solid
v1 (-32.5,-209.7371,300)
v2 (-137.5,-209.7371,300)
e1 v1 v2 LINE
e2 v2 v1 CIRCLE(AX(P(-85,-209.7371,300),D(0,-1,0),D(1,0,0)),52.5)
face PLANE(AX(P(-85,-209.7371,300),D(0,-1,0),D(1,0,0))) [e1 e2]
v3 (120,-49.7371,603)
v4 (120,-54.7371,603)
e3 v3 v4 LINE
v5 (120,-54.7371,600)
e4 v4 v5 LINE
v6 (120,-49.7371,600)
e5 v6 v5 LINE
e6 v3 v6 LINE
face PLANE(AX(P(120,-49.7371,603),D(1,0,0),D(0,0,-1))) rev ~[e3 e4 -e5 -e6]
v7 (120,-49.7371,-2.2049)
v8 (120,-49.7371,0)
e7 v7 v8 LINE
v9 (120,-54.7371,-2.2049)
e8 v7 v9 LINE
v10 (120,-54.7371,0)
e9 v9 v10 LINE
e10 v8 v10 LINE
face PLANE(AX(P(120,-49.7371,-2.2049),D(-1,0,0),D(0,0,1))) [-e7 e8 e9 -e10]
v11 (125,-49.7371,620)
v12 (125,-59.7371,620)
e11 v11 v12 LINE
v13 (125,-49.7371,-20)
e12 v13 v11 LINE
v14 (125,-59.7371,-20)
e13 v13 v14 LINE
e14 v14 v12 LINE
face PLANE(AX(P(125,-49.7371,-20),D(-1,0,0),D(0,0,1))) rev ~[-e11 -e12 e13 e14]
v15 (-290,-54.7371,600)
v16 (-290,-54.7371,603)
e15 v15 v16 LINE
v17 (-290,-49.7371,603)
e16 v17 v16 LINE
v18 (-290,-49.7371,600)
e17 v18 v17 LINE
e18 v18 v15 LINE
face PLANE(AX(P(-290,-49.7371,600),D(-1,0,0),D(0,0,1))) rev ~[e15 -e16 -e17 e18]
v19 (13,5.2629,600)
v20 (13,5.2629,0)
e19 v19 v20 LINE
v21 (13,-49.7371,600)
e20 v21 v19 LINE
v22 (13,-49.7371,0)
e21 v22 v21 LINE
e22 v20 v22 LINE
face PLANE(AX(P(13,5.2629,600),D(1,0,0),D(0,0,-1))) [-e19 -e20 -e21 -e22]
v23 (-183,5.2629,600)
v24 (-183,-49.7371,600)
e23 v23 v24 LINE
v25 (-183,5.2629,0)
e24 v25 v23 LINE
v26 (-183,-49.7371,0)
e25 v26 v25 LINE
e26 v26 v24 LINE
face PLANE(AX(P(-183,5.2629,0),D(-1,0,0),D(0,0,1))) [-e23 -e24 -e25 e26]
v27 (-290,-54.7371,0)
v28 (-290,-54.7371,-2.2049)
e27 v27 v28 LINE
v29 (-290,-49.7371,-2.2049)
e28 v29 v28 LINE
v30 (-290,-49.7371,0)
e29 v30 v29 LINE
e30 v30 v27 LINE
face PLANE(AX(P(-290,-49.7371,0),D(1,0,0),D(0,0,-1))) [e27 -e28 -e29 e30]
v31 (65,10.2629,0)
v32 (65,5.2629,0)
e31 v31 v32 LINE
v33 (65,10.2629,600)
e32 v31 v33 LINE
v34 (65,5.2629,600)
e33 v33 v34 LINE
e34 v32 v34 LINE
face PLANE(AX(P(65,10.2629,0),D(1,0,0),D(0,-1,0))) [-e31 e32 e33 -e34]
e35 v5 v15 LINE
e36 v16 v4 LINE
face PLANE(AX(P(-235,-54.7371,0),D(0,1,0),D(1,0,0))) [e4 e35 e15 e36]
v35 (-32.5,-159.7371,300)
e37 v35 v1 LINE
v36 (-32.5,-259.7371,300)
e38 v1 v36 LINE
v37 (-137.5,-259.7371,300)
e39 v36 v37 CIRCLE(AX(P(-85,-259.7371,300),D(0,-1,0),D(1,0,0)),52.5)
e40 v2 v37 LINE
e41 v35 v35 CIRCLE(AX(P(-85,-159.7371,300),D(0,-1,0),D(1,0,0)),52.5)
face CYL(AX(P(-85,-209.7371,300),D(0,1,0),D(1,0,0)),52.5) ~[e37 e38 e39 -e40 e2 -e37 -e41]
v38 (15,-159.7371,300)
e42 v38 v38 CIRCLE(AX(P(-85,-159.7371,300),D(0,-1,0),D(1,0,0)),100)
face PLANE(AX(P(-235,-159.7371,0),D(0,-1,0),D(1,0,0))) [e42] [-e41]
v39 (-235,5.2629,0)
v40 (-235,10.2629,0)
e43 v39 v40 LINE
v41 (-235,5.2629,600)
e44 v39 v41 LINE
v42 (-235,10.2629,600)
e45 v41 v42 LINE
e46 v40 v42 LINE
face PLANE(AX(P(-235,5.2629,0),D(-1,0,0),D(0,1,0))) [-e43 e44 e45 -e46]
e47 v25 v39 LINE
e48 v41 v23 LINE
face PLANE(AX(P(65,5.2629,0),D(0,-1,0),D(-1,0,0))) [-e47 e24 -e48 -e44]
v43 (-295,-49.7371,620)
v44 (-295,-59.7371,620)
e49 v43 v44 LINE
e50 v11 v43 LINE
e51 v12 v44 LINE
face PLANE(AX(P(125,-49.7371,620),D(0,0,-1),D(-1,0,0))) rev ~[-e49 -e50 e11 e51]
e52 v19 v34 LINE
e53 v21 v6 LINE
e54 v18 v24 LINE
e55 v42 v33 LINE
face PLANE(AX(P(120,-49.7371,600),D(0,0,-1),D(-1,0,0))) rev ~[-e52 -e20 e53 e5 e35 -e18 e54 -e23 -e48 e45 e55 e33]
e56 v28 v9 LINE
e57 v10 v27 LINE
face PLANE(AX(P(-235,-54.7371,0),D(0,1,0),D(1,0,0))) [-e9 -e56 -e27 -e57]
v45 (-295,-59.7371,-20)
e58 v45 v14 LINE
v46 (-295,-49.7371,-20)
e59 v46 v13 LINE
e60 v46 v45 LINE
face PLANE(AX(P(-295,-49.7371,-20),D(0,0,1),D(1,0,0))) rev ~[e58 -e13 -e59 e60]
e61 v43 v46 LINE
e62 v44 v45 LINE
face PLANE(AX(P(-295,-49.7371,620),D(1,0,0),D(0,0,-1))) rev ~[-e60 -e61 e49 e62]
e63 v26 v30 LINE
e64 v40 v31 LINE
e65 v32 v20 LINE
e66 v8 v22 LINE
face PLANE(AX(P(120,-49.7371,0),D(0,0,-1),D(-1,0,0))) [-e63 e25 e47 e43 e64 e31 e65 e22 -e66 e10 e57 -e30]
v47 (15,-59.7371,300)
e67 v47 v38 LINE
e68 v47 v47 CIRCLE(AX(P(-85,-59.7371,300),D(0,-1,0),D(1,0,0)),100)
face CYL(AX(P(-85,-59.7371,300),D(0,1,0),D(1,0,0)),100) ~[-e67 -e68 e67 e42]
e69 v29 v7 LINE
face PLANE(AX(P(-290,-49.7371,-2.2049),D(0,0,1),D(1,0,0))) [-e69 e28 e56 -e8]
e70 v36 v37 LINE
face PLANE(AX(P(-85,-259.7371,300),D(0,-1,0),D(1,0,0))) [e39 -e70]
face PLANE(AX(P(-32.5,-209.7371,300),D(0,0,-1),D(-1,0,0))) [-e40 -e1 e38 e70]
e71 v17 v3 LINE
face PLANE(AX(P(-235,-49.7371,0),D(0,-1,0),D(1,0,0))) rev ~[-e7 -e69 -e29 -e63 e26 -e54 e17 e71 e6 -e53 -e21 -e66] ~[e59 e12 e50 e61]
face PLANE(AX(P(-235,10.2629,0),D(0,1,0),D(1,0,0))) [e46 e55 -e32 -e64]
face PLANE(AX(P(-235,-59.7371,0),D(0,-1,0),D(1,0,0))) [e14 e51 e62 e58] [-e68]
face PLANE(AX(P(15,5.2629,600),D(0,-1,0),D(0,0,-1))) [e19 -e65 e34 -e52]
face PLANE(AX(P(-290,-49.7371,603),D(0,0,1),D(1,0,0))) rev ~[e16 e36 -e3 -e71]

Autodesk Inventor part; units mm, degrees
ref_plane "YZ Plane" through (0, 0, 0) normal (1, 0, 0) x (0, 1, 0)
ref_plane "XZ Plane" through (0, 0, 0) normal (0, 1, 0) x (-1, 0, 0)
ref_plane "XY Plane" through (0, 0, 0) normal (0, 0, 1) x (1, 0, 0)
sketch "スケッチ1" plane through (0, 0, 0) normal (0, 0, 1) x (1, 0, 0)
  line L0 (-235, 10.2629) -> (65, 10.2629)
  line L1 (65, 10.2629) -> (65, 5.2629)
  line L2 (65, 5.2629) -> (-235, 5.2629)
  line L3 (-235, 5.2629) -> (-235, 10.2629)
  line L4 (-235, 10.2629) -> (65, 5.2629) construction
  line L5 (65, 10.2629) -> (-235, 5.2629) construction
  point P0 (0, 0)
  point P1 (-85, 7.7629)
  dimension "d0" = 300
  dimension "d1" = 5
extrude "押し出し1" add sketch "スケッチ1" along normal blind 600
sketch "スケッチ2" plane through (-235, 5.2629, 0) normal (0, -1, 0) x (1, 0, 0)
  line L0 (50, 0) -> (250, 0)
  line L1 (250, 0) -> (250, 600)
  line L2 (250, 600) -> (50, 600)
  line L3 (50, 600) -> (50, 0)
  line L4 (300, 0) -> (0, 0) projected
  line L5 (0, 0) -> (0, 600) projected
  point P0 (235, 0)
  dimension "d4" = 200
  dimension "d5" = 600
  dimension "d6" = 0
  dimension "d7" = 50
extrude "押し出し2" add sketch "スケッチ2" along normal blind 55
sketch "スケッチ3" plane through (-235, -49.7371, 0) normal (0, -1, 0) x (1, 0, 0)
  line L0 (-60, -20) -> (360, -20)
  line L1 (360, -20) -> (360, 620)
  line L2 (360, 620) -> (-60, 620)
  line L3 (-60, 620) -> (-60, -20)
  line L4 (0, 0) -> (300, 0) projected
  line L5 (0, 0) -> (0, 600) projected
  point P0 (235, 0)
  dimension "d10" = 420
  dimension "d11" = 640
  dimension "d12" = 20
  dimension "d13" = 60
extrude "押し出し3" add sketch "スケッチ3" along normal blind 10
sketch "スケッチ4" plane through (-235, -49.7371, 0) normal (0, 1, 0) x (1, 0, 0)
  line L0 (-55, 2.2049) -> (355, 2.2049)
  line L1 (355, 2.2049) -> (355, 0)
  line L2 (355, 0) -> (-55, 0)
  line L3 (-55, 0) -> (-55, 2.2049)
  line L4 (-60, -620) -> (-60, 20) projected
  line L5 (-60, 20) -> (360, 20) projected
  line L6 (-55, -603) -> (355, -603)
  line L7 (355, -603) -> (355, -600)
  line L8 (355, -600) -> (-55, -600)
  line L9 (-55, -600) -> (-55, -603)
  line L10 (360, -620) -> (-60, -620) projected
  point P0 (235, 0)
  dimension "d16" = 410
  dimension "d17" = 5
  dimension "d18" = 20
  dimension "d19" = 410
  dimension "d20" = 3
  dimension "d21" = 20
  dimension "d22" = 5
extrude "押し出し4" cut sketch "スケッチ4" against normal blind 5
sketch "スケッチ5" plane through (15, 5.2629, 600) normal (1, 0, 0) x (0, 0, -1)
  line L0 (600, 0) -> (600, -55) projected
  line L1 (0, 0) -> (600, 0)
  line L2 (600, 0) -> (600, -55)
  line L3 (600, -55) -> (0, -55)
  line L4 (0, -55) -> (0, 0)
  point P0 (600, -5.2629)
extrude "押し出し5" cut sketch "スケッチ5" against normal blind 2
sketch "スケッチ6" plane through (-185, 5.2629, 0) normal (-1, 0, 0) x (0, 0, 1)
  line L0 (0, 0) -> (600, 0) projected
  line L1 (-20, -55) -> (620, -55) projected
  line L2 (0, 0) -> (600, 0)
  line L3 (600, 0) -> (600, -55)
  line L4 (600, -55) -> (0, -55)
  line L5 (0, -55) -> (0, 0)
  point P0 (0, -5.2629)
extrude "押し出し6" cut sketch "スケッチ6" against normal blind 2
sketch "スケッチ7" plane through (-235, -59.7371, 0) normal (0, -1, 0) x (1, 0, 0)
  circle A0 centre (150, 300) radius 100
  line L0 (-60, 620) -> (-60, -20) projected
  line L1 (-60, -20) -> (360, -20) projected
  point P0 (235, 0)
  dimension "d29" = 200
  dimension "d30" = 210
  dimension "d31" = 320
extrude "押し出し7" add sketch "スケッチ7" along normal blind 100
sketch "スケッチ8" plane through (-85, -159.7371, 300) normal (0, -1, 0) x (1, 0, 0)
  circle A0 centre (0, 0) radius 52.5
  point P0 (85, -300)
  dimension "d34" = 105
extrude "押し出し8" add sketch "スケッチ8" along normal blind 50
sketch "スケッチ9" plane through (-85, -209.7371, 300) normal (0, -1, 0) x (1, 0, 0)
  arc A0 (52.5, 0) -> (-52.5, 0) centre (0, 0) ccw
  line L0 (52.5, 0) -> (-52.5, 0)
  point P0 (85, -300)
  dimension "d37" = 105
extrude "押し出し9" add sketch "スケッチ9" along normal blind 50
properties part number "nasel_stand"
